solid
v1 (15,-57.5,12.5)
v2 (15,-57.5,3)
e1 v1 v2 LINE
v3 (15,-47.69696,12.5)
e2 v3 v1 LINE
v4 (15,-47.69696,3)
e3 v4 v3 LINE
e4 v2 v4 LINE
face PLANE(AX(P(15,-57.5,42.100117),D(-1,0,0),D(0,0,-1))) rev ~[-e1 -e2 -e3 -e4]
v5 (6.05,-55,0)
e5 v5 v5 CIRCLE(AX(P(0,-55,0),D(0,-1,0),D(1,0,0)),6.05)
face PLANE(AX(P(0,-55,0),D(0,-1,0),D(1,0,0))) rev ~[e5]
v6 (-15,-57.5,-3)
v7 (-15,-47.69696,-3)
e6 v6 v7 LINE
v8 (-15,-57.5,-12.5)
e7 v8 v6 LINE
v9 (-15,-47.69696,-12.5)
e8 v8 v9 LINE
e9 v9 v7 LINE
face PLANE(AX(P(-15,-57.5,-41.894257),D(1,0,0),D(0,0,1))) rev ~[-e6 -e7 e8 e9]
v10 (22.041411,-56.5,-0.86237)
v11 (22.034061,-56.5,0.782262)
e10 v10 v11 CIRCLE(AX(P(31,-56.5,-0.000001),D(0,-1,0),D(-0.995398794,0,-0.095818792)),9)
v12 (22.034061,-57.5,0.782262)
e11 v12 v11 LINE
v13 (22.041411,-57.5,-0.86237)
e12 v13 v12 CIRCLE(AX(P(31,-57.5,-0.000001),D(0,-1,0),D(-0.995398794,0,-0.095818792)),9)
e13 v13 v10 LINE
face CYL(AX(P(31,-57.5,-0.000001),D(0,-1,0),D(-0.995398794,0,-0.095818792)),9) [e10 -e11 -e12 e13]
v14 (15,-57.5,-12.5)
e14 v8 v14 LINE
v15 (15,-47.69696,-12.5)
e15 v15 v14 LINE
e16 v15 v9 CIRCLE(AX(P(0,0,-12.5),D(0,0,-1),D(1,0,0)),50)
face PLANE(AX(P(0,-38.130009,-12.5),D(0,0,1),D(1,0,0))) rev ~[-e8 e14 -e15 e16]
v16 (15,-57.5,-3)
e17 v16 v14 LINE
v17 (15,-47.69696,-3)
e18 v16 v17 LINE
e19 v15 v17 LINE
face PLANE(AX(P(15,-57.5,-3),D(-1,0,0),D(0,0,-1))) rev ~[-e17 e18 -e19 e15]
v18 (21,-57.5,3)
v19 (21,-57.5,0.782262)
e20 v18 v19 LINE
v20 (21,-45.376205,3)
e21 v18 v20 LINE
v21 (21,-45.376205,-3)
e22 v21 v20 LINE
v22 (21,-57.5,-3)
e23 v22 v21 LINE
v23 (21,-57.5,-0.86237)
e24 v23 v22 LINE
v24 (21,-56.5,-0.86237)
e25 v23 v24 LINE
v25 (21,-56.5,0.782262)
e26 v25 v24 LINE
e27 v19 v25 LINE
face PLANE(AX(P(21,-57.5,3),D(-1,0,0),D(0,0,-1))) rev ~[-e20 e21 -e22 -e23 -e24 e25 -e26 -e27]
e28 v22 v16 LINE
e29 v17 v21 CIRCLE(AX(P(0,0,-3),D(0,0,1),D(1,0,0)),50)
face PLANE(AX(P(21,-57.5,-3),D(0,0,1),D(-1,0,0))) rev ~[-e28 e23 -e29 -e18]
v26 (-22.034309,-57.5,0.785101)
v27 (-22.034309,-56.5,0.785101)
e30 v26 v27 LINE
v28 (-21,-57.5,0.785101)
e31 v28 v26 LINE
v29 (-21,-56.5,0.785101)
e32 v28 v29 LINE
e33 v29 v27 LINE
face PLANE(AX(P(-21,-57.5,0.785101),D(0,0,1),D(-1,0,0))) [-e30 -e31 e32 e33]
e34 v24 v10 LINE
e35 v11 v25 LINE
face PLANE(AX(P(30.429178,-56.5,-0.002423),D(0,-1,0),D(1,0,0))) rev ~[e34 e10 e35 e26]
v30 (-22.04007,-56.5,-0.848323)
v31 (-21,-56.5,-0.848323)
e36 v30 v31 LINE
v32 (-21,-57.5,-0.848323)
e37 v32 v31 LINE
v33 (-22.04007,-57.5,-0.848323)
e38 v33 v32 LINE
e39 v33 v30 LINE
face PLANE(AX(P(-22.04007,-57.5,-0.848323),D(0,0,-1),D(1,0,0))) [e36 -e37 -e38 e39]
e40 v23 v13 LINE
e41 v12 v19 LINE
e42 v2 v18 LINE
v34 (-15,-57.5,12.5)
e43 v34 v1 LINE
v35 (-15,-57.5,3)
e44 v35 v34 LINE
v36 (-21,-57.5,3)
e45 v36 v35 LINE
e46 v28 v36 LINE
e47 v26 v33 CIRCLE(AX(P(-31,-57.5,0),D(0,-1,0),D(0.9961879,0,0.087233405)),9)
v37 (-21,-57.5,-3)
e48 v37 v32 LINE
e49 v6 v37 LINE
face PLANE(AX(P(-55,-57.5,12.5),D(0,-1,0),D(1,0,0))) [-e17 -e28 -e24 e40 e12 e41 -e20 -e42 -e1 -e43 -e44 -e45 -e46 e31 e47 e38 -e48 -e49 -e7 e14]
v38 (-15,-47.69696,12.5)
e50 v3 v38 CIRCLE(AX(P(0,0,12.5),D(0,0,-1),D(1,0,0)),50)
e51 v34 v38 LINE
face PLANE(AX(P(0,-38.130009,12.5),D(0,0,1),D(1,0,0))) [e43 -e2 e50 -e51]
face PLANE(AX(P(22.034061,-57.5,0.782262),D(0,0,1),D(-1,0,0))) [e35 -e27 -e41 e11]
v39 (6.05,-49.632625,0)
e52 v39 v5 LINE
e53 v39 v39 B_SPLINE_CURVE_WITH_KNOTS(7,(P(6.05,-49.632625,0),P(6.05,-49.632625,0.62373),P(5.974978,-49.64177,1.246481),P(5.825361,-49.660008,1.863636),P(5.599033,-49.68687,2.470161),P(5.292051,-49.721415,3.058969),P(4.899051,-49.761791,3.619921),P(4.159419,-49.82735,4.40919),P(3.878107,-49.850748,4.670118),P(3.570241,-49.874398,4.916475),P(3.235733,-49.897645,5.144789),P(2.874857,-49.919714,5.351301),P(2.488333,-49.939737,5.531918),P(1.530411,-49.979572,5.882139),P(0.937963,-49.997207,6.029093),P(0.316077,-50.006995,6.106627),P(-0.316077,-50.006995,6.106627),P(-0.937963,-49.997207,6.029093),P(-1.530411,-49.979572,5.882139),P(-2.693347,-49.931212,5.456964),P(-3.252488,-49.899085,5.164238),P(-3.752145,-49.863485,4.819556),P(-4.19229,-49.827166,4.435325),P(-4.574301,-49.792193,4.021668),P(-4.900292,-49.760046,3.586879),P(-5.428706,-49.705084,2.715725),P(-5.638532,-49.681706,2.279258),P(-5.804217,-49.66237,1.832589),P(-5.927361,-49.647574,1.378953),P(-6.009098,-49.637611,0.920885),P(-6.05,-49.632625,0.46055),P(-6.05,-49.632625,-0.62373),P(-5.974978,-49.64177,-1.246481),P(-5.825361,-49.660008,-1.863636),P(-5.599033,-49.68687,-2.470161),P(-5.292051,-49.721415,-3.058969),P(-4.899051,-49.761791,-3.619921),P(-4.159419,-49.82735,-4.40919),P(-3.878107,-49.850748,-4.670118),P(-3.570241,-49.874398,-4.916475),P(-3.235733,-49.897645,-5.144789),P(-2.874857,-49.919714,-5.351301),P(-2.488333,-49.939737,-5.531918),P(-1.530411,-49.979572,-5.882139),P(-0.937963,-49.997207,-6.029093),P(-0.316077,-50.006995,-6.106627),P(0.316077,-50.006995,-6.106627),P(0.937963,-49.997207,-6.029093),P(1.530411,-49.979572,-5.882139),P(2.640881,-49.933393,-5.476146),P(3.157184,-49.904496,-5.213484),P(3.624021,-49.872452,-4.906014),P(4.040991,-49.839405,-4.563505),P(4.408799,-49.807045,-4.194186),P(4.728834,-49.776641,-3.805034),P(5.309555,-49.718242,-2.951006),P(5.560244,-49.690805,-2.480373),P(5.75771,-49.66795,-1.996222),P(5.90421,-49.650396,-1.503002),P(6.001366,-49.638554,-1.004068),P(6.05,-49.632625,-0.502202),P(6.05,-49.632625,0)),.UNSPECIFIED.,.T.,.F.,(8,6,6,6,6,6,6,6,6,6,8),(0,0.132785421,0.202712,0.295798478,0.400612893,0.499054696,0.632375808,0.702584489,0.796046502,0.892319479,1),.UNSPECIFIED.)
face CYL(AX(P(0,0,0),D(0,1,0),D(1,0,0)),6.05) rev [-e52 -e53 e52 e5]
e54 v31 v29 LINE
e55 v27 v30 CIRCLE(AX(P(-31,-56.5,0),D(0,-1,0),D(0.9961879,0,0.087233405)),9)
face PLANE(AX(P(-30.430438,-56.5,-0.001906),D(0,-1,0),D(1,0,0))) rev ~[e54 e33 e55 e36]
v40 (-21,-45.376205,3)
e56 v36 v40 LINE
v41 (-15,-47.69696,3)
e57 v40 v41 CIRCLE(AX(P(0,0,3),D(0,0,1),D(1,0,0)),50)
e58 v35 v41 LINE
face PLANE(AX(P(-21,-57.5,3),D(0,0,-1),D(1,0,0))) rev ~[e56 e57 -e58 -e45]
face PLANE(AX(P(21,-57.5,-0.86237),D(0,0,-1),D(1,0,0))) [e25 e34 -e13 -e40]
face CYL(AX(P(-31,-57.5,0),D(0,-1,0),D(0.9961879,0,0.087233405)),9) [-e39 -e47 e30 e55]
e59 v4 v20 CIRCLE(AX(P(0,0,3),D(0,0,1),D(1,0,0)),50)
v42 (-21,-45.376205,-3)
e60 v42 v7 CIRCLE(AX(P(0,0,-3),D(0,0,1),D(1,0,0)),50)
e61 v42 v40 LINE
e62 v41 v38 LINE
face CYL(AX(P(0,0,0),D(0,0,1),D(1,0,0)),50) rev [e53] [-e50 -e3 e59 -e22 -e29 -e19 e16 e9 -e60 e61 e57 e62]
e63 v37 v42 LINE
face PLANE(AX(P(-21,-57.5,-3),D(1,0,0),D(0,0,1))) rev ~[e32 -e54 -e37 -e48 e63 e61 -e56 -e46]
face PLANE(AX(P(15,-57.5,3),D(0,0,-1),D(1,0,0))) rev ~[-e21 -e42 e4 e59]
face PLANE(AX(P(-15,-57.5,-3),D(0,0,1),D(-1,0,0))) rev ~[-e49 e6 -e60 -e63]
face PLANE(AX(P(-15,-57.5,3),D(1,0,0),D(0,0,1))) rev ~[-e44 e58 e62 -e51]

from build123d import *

# Parameters (mm, degrees)
F1_DEPTH  = 12.5
F3_DEPTH  = 25
F4_R      = 6.05
F5_DEPTH  = 55
F6_R      = 9.05
F7_DEPTH  = 52.5
F9_DEPTH  = 3
F11_DEPTH = 57.501
F13_DEPTH = 1


with BuildPart() as f1:
    # F0 (on Top) → F1 (new body, symmetric)
    with BuildSketch(Plane.XY):
        with BuildLine():
            ThreePointArc((50, 0), (0, -50), (-50, 0))
            Line((-50, 0), (-55, 0))
            ThreePointArc((-55, 0), (0, -55), (55, 0))
            Line((55, 0), (50, 0))
        make_face()
    extrude(amount=F1_DEPTH, both=True)

    # F2 (on face) → F3 (join)
    with BuildSketch(Plane.XY.offset(12.5)):
        with BuildLine():
            ThreePointArc((55, 0), (0, -55), (-55, 0))
            Line((-55, 0), (-55, -57.5))
            Line((-55, -57.5), (0, -57.5))
            Line((0, -57.5), (55, -57.5))
            Line((55, -57.5), (55, 0))
        make_face()
    extrude(amount=-F3_DEPTH)

    # F4 (on Front) → F5 (cut)
    with BuildSketch(Plane.XZ):
        Circle(F4_R)
    extrude(amount=F5_DEPTH, mode=Mode.SUBTRACT)

    # F6 (on Right) → F7 (cut, symmetric)
    with BuildSketch(Plane.YZ):
        with Locations((-11, 0)):
            Circle(F6_R)
    extrude(amount=F7_DEPTH, both=True, mode=Mode.SUBTRACT)

    # F8 (on face) → F9 (join)
    with BuildSketch(Plane.XZ.offset(57.5)):
        with BuildLine():
            Line((55, -1.825145), (56.187007, -1.825145))
            ThreePointArc((56.187007, -1.825145), (73.996764, 0.241309), (56.101841, 1.350101))
            Line((56.101841, 1.350101), (55, 1.350101))
            Line((55, 1.350101), (55, -1.825145))
        make_face()
        with BuildLine():
            Line((-55, 0.589209), (-56.019308, 0.589209))
            ThreePointArc((-56.019308, 0.589209), (-73.999691, -0.074534), (-56.010781, -0.440385))
            Line((-56.010781, -0.440385), (-55, -0.440385))
            Line((-55, -0.440385), (-55, 0.589209))
        make_face()
        with BuildLine():
            Line((26.665892, -12.5), (26.665892, -13.538735))
            ThreePointArc((26.665892, -13.538735), (27.491135, -31.499996), (28.35176, -13.540396))
            Line((28.35176, -13.540396), (28.35176, -12.5))
            Line((28.35176, -12.5), (26.665892, -12.5))
        make_face()
        with BuildLine():
            Line((-28.294771, -12.5), (-28.294771, -13.535161))
            ThreePointArc((-28.294771, -13.535161), (-27.521055, -31.499975), (-26.663293, -13.538978))
            Line((-26.663293, -13.538978), (-26.663293, -12.5))
            Line((-26.663293, -12.5), (-28.294771, -12.5))
        make_face()
        with BuildLine():
            Line((-26.327094, 12.5), (-26.327094, 13.576756))
            ThreePointArc((-26.327094, 13.576756), (-27.667739, 31.498437), (-28.339533, 13.539242))
            Line((-28.339533, 13.539242), (-28.339533, 12.5))
            Line((-28.339533, 12.5), (-26.327094, 12.5))
        make_face()
        with BuildLine():
            Line((28.639116, 12.5), (28.639116, 13.572379))
            ThreePointArc((28.639116, 13.572379), (27.368028, 31.499032), (26.623167, 13.542815))
            Line((26.623167, 13.542815), (26.623167, 12.5))
            Line((26.623167, 12.5), (28.639116, 12.5))
        make_face()
    extrude(amount=-F9_DEPTH)

    # F10 (on face) → F11 (cut, through all)
    with BuildSketch(Plane.XZ.offset(57.5)):
        Polygon((-15, 3), (-15, 12.5), (-15, 43.200534), (-80.149591, 43.200534), (-80.149591, -41.894257), (-15, -41.894257), (-15, -12.5), (-15, -3), (-21, -3), (-21, 0), (-21, 3), align=None)
        Polygon((15, 42.100117), (15, 12.5), (15, 3), (21, 3), (21, 0), (21, -3), (15, -3), (15, -12.5), (15, -47.119375), (79.776369, -47.119375), (79.776369, 42.100117), align=None)
    extrude(amount=-F11_DEPTH, mode=Mode.SUBTRACT)

    # F12 (on face) → F13 (join)
    with BuildSketch(Plane.XZ.offset(57.5)):
        with BuildLine():
            Line((-21, 0.785101), (-22.034309, 0.785101))
            ThreePointArc((-22.034309, 0.785101), (-39.999944, 0.031742), (-22.04007, -0.848323))
            Line((-22.04007, -0.848323), (-21, -0.848323))
            Line((-21, -0.848323), (-21, 0.785101))
        make_face()
        with BuildLine():
            Line((21, -0.86237), (22.041411, -0.86237))
            ThreePointArc((22.041411, -0.86237), (39.99991, 0.040222), (22.034061, 0.782262))
            Line((22.034061, 0.782262), (21, 0.782262))
            Line((21, 0.782262), (21, -0.86237))
        make_face()
    extrude(amount=-F13_DEPTH)


solid = f1.part
